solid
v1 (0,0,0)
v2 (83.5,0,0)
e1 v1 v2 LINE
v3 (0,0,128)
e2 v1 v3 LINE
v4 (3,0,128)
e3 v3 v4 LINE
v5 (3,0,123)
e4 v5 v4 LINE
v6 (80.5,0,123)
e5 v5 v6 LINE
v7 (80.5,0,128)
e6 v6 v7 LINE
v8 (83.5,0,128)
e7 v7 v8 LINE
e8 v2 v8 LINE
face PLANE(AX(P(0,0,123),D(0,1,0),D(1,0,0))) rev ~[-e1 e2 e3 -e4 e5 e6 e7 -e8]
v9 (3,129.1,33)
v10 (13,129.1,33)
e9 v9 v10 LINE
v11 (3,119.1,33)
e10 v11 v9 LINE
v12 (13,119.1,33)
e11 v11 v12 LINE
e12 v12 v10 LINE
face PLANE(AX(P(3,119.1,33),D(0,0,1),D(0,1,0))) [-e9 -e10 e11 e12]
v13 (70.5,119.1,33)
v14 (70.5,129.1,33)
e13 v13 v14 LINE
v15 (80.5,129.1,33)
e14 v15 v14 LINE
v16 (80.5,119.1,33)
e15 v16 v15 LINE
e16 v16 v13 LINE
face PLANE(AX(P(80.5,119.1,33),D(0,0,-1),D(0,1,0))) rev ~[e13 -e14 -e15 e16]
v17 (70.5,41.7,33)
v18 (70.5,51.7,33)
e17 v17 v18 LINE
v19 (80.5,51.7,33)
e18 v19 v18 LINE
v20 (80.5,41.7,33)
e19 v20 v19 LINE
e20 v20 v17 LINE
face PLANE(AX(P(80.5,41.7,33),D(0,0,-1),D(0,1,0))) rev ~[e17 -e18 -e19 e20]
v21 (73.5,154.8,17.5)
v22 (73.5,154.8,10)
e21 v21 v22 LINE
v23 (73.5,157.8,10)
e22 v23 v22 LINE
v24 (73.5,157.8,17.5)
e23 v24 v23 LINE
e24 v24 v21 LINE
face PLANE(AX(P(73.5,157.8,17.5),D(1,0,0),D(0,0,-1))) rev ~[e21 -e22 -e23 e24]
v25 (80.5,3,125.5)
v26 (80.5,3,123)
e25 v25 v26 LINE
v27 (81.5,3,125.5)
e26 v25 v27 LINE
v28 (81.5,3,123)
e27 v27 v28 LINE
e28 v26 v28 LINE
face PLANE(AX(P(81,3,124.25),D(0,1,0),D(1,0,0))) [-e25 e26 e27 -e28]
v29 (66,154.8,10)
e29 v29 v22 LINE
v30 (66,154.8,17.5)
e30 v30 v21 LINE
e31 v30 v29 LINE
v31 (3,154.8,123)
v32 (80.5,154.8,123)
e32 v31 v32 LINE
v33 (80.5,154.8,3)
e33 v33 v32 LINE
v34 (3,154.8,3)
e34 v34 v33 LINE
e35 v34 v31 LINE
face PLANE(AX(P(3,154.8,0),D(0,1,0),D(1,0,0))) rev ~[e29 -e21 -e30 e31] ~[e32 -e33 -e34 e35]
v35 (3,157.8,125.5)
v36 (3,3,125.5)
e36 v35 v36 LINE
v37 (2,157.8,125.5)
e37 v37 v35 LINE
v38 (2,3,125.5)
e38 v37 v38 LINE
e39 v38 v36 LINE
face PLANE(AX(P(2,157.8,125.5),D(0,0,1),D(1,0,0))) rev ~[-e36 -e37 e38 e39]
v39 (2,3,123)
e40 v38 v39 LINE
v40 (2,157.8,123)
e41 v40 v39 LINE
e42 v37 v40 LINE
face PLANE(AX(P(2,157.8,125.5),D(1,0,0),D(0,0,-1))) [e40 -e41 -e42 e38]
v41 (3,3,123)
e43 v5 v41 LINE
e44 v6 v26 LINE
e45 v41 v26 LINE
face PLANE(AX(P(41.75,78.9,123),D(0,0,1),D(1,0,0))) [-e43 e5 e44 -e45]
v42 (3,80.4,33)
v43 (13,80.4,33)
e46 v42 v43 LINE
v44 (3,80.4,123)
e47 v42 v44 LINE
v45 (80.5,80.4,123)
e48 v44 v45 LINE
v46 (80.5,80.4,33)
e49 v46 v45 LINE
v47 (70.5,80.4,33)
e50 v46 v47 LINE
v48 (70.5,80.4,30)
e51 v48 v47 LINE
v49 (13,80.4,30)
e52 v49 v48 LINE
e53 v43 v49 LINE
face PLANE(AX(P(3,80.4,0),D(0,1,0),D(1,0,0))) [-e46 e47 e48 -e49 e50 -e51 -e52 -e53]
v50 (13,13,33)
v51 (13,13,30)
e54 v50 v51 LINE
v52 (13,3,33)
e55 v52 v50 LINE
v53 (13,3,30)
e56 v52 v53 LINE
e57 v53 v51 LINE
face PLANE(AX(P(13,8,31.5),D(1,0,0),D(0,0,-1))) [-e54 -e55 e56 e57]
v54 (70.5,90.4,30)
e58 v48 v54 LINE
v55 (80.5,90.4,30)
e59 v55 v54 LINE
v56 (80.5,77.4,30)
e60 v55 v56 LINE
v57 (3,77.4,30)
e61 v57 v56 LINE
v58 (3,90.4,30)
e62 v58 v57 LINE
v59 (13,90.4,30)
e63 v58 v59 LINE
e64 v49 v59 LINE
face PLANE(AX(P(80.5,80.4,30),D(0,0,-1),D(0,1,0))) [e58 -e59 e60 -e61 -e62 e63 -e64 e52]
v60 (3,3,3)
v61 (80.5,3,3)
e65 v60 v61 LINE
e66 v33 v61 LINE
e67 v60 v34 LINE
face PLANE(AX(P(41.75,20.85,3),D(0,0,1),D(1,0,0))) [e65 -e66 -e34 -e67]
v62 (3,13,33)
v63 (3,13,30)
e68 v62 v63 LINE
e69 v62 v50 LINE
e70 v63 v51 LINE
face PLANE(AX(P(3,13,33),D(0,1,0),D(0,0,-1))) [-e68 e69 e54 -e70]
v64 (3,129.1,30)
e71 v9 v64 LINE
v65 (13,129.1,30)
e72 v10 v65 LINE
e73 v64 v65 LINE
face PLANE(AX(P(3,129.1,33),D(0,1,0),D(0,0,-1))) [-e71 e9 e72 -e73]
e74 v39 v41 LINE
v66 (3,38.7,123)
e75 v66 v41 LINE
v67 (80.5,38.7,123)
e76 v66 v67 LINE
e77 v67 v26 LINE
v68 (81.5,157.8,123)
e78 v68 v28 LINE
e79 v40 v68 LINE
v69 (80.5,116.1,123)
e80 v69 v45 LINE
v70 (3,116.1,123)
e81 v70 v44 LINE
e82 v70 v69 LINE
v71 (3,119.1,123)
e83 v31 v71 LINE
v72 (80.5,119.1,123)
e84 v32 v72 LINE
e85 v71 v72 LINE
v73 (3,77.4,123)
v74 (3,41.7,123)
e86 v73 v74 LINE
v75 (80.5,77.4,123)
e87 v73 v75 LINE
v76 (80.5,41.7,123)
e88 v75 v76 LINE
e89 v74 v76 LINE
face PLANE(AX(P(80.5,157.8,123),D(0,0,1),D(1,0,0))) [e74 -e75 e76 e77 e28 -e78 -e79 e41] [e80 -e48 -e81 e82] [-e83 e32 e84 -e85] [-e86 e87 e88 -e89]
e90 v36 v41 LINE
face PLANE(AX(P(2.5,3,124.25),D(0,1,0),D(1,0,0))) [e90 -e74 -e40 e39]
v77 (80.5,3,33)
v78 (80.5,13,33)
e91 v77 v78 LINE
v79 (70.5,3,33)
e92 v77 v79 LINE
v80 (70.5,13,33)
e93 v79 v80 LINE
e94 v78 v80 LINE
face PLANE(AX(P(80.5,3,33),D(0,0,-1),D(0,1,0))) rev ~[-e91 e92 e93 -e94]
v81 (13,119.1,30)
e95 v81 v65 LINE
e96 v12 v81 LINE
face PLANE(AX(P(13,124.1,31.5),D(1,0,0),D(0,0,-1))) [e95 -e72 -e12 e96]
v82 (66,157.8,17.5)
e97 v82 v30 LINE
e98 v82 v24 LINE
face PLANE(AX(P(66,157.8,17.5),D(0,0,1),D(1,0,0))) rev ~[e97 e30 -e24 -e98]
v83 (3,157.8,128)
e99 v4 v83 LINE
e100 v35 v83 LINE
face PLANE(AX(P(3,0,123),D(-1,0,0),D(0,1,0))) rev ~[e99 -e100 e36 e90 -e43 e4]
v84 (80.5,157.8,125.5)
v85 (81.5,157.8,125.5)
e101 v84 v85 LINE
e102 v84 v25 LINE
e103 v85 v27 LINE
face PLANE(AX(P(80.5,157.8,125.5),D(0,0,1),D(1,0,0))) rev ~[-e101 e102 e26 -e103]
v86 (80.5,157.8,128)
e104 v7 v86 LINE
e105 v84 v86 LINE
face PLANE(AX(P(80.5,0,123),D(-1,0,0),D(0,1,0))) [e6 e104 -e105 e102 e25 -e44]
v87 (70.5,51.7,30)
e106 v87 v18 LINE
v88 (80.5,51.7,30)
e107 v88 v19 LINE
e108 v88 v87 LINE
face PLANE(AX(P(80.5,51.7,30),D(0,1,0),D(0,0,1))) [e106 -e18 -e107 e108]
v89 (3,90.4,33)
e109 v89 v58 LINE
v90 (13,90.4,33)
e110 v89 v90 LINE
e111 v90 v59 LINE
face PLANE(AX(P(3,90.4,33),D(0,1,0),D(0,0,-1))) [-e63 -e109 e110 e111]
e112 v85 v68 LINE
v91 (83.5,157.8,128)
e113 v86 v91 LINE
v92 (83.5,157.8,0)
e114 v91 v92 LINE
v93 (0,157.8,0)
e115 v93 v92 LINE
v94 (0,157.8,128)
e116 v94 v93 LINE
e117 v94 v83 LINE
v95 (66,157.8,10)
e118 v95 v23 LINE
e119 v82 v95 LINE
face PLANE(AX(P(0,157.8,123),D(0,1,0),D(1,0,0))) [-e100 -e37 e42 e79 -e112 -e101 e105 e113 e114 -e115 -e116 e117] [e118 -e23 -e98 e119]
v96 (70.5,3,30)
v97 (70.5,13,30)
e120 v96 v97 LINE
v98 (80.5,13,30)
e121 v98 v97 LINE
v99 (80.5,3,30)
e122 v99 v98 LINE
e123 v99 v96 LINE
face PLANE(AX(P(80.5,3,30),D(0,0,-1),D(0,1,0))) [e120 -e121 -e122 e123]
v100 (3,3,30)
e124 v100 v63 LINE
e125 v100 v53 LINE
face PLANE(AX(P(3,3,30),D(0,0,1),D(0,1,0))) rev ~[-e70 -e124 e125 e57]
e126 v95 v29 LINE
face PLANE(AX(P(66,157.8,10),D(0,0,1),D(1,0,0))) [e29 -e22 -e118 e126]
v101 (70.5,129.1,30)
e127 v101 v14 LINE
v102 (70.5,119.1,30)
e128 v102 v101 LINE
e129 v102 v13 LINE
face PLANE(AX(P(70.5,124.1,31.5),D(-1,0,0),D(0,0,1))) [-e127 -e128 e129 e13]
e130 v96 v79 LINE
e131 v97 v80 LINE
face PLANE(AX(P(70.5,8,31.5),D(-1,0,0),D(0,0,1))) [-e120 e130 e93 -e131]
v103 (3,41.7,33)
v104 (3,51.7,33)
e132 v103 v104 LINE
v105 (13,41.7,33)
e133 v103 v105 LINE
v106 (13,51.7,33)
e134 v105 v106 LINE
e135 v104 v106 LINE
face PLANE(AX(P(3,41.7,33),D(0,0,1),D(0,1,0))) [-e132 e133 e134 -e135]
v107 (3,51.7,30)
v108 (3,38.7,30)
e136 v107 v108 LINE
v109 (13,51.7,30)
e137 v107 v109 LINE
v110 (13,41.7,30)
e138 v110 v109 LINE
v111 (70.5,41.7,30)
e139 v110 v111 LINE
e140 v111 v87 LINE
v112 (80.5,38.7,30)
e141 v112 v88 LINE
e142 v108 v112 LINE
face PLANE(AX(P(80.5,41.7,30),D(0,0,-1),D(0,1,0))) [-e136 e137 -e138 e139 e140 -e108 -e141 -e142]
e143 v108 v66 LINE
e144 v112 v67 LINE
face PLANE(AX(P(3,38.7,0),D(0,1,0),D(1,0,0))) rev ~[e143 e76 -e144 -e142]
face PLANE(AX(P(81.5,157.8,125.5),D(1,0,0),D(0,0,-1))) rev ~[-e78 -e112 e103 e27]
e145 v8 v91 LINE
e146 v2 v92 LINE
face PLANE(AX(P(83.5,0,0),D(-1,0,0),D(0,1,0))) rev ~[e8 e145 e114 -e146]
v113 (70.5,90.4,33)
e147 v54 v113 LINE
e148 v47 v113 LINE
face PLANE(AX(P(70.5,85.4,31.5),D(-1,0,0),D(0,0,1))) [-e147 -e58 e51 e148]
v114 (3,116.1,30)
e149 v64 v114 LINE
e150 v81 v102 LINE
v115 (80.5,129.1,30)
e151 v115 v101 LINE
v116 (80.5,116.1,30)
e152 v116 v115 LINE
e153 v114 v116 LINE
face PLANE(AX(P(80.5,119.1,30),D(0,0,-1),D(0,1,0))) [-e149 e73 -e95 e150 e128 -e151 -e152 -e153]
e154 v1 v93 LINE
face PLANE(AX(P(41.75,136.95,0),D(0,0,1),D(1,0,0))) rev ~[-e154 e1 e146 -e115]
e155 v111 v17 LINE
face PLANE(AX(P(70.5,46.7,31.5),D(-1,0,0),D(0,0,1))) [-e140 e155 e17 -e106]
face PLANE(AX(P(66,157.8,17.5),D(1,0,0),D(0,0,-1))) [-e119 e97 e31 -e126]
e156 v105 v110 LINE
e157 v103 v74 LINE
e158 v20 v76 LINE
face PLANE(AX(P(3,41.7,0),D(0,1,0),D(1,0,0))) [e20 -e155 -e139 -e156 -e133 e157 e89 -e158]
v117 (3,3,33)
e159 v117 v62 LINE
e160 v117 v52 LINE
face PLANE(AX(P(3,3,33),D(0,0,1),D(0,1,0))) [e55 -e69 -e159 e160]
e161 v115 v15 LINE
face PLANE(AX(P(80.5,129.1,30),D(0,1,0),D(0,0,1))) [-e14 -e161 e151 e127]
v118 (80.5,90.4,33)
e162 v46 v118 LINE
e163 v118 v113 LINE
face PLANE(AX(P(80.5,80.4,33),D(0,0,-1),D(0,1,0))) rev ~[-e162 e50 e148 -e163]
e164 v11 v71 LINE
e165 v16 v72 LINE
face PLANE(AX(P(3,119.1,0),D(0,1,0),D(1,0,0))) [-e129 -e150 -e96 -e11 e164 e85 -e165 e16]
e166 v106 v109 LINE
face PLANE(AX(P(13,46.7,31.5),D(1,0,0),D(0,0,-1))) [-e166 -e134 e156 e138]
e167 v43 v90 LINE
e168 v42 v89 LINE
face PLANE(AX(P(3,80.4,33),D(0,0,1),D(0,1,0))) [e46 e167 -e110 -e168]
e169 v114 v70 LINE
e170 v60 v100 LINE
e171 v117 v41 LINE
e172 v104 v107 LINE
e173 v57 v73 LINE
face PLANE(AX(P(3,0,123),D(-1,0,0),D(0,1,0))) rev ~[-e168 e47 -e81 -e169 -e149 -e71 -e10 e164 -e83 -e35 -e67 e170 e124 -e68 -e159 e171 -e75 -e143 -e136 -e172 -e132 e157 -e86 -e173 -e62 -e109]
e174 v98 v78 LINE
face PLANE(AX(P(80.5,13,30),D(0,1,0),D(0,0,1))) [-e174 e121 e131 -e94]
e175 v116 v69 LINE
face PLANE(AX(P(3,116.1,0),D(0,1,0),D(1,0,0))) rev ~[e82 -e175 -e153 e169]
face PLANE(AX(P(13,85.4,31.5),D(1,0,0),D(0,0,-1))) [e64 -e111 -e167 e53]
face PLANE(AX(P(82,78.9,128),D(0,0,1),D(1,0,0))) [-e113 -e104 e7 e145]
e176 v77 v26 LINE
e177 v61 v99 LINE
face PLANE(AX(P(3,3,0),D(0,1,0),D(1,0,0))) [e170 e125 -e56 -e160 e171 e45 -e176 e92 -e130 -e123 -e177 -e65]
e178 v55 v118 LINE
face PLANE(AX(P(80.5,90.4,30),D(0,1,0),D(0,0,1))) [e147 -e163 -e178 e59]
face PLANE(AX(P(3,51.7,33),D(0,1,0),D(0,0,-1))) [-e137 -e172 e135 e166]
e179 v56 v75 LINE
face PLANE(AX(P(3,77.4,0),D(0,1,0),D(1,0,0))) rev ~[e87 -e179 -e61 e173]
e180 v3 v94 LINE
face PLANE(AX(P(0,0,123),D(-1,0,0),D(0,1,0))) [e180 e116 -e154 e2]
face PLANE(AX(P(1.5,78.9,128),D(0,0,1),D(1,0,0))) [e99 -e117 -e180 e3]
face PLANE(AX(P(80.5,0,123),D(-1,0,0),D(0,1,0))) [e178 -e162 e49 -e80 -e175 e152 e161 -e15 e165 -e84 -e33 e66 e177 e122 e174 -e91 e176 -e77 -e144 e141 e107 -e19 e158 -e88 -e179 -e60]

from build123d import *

# Parameters (mm, degrees)
SKETCH1_W           = 83.5
SKETCH1_H           = 157.8
SKETCH1_W_2         = 77.5
SKETCH1_H_2         = 35.7
BOSS_EXTRUDE1_DEPTH = 123
SKETCH1_3_W         = 77.5
SKETCH1_3_H         = 35.7
BOSS_EXTRUDE2_DEPTH = 3
SKETCH2_W           = 77.5
SKETCH2_H           = 27
CUT_EXTRUDE1_DEPTH  = 100
SKETCH4_W           = 3
SKETCH4_H           = 10
BOSS_EXTRUDE3_DEPTH = 10
SKETCH5_W           = 3
SKETCH5_H           = 10
BOSS_EXTRUDE4_DEPTH = 10
SKETCH7_W           = 3
SKETCH7_H           = 157.8
BOSS_EXTRUDE5_DEPTH = 5
SKETCH8_W           = 1
SKETCH8_H           = 2.5
CUT_EXTRUDE2_DEPTH  = 154.8
SKETCH9_W           = 7.5
SKETCH9_H           = 7.5
CUT_EXTRUDE3_DEPTH  = 10


with BuildPart() as part:
    # Sketch1 → Boss-Extrude1 (new body)
    with BuildSketch(Plane.XY):
        with Locations((41.75, 78.9)):
            Rectangle(SKETCH1_W, SKETCH1_H)
        with Locations((41.75, 20.85)):
            Rectangle(SKETCH1_W_2, SKETCH1_H_2, mode=Mode.SUBTRACT)
        with Locations((41.75, 59.55)):
            Rectangle(SKETCH1_W_2, SKETCH1_H_2, mode=Mode.SUBTRACT)
        with Locations((41.75, 98.25)):
            Rectangle(SKETCH1_W_2, SKETCH1_H_2, mode=Mode.SUBTRACT)
        with Locations((41.75, 136.95)):
            Rectangle(SKETCH1_W_2, SKETCH1_H_2, mode=Mode.SUBTRACT)
    extrude(amount=BOSS_EXTRUDE1_DEPTH)

    # Sketch1<3> → Boss-Extrude2 (add)
    with BuildSketch(Plane.XY):
        with Locations((41.75, 136.95)):
            Rectangle(SKETCH1_3_W, SKETCH1_3_H)
        with Locations((41.75, 98.25)):
            Rectangle(SKETCH1_3_W, SKETCH1_3_H)
        with Locations((41.75, 59.55)):
            Rectangle(SKETCH1_3_W, SKETCH1_3_H)
        with Locations((41.75, 20.85)):
            Rectangle(SKETCH1_3_W, SKETCH1_3_H)
    extrude(amount=BOSS_EXTRUDE2_DEPTH)

    # Sketch2 → Cut-Extrude1 (cut)
    with BuildSketch(Plane(origin=(0, 119.1, 0), x_dir=(1, 0, 0), z_dir=(0, 1, 0))):
        with Locations((41.75, -16.5)):
            Rectangle(SKETCH2_W, SKETCH2_H)
    extrude(amount=-CUT_EXTRUDE1_DEPTH, mode=Mode.SUBTRACT)

    # Sketch4 → Boss-Extrude3 (add)
    with BuildSketch(Plane(origin=(3, 0, 0), x_dir=(0, 0, -1), z_dir=(1, 0, 0))):
        with Locations((-31.5, 85.4)):
            Rectangle(SKETCH4_W, SKETCH4_H)
        with Locations((-31.5, 124.1)):
            Rectangle(SKETCH4_W, SKETCH4_H)
        with Locations((-31.5, 46.7)):
            Rectangle(SKETCH4_W, SKETCH4_H)
        with Locations((-31.5, 8)):
            Rectangle(SKETCH4_W, SKETCH4_H)
    extrude(amount=BOSS_EXTRUDE3_DEPTH)

    # Sketch5 → Boss-Extrude4 (add)
    with BuildSketch(Plane.ZY.offset(-80.5)):
        with Locations((31.5, 85.4)):
            Rectangle(SKETCH5_W, SKETCH5_H)
        with Locations((31.5, 124.1)):
            Rectangle(SKETCH5_W, SKETCH5_H)
        with Locations((31.5, 46.7)):
            Rectangle(SKETCH5_W, SKETCH5_H)
        with Locations((31.5, 8)):
            Rectangle(SKETCH5_W, SKETCH5_H)
    extrude(amount=BOSS_EXTRUDE4_DEPTH)

    # Sketch7 → Boss-Extrude5 (add)
    with BuildSketch(Plane.XY.offset(123)):
        with Locations((1.5, 78.9)):
            Rectangle(SKETCH7_W, SKETCH7_H)
        with Locations((82, 78.9)):
            Rectangle(SKETCH7_W, SKETCH7_H)
    extrude(amount=BOSS_EXTRUDE5_DEPTH)

    # Sketch8 → Cut-Extrude2 (cut)
    with BuildSketch(Plane(origin=(0, 157.8, 0), x_dir=(1, 0, 0), z_dir=(0, 1, 0))):
        with Locations((2.5, -124.25)):
            Rectangle(SKETCH8_W, SKETCH8_H)
        with Locations((81, -124.25)):
            Rectangle(SKETCH8_W, SKETCH8_H)
    extrude(amount=-CUT_EXTRUDE2_DEPTH, mode=Mode.SUBTRACT)

    # Sketch9 → Cut-Extrude3 (cut)
    with BuildSketch(Plane(origin=(0, 157.8, 0), x_dir=(1, 0, 0), z_dir=(0, 1, 0))):
        with Locations((69.75, -13.75)):
            Rectangle(SKETCH9_W, SKETCH9_H)
    extrude(amount=-CUT_EXTRUDE3_DEPTH, mode=Mode.SUBTRACT)


solid = part.part
